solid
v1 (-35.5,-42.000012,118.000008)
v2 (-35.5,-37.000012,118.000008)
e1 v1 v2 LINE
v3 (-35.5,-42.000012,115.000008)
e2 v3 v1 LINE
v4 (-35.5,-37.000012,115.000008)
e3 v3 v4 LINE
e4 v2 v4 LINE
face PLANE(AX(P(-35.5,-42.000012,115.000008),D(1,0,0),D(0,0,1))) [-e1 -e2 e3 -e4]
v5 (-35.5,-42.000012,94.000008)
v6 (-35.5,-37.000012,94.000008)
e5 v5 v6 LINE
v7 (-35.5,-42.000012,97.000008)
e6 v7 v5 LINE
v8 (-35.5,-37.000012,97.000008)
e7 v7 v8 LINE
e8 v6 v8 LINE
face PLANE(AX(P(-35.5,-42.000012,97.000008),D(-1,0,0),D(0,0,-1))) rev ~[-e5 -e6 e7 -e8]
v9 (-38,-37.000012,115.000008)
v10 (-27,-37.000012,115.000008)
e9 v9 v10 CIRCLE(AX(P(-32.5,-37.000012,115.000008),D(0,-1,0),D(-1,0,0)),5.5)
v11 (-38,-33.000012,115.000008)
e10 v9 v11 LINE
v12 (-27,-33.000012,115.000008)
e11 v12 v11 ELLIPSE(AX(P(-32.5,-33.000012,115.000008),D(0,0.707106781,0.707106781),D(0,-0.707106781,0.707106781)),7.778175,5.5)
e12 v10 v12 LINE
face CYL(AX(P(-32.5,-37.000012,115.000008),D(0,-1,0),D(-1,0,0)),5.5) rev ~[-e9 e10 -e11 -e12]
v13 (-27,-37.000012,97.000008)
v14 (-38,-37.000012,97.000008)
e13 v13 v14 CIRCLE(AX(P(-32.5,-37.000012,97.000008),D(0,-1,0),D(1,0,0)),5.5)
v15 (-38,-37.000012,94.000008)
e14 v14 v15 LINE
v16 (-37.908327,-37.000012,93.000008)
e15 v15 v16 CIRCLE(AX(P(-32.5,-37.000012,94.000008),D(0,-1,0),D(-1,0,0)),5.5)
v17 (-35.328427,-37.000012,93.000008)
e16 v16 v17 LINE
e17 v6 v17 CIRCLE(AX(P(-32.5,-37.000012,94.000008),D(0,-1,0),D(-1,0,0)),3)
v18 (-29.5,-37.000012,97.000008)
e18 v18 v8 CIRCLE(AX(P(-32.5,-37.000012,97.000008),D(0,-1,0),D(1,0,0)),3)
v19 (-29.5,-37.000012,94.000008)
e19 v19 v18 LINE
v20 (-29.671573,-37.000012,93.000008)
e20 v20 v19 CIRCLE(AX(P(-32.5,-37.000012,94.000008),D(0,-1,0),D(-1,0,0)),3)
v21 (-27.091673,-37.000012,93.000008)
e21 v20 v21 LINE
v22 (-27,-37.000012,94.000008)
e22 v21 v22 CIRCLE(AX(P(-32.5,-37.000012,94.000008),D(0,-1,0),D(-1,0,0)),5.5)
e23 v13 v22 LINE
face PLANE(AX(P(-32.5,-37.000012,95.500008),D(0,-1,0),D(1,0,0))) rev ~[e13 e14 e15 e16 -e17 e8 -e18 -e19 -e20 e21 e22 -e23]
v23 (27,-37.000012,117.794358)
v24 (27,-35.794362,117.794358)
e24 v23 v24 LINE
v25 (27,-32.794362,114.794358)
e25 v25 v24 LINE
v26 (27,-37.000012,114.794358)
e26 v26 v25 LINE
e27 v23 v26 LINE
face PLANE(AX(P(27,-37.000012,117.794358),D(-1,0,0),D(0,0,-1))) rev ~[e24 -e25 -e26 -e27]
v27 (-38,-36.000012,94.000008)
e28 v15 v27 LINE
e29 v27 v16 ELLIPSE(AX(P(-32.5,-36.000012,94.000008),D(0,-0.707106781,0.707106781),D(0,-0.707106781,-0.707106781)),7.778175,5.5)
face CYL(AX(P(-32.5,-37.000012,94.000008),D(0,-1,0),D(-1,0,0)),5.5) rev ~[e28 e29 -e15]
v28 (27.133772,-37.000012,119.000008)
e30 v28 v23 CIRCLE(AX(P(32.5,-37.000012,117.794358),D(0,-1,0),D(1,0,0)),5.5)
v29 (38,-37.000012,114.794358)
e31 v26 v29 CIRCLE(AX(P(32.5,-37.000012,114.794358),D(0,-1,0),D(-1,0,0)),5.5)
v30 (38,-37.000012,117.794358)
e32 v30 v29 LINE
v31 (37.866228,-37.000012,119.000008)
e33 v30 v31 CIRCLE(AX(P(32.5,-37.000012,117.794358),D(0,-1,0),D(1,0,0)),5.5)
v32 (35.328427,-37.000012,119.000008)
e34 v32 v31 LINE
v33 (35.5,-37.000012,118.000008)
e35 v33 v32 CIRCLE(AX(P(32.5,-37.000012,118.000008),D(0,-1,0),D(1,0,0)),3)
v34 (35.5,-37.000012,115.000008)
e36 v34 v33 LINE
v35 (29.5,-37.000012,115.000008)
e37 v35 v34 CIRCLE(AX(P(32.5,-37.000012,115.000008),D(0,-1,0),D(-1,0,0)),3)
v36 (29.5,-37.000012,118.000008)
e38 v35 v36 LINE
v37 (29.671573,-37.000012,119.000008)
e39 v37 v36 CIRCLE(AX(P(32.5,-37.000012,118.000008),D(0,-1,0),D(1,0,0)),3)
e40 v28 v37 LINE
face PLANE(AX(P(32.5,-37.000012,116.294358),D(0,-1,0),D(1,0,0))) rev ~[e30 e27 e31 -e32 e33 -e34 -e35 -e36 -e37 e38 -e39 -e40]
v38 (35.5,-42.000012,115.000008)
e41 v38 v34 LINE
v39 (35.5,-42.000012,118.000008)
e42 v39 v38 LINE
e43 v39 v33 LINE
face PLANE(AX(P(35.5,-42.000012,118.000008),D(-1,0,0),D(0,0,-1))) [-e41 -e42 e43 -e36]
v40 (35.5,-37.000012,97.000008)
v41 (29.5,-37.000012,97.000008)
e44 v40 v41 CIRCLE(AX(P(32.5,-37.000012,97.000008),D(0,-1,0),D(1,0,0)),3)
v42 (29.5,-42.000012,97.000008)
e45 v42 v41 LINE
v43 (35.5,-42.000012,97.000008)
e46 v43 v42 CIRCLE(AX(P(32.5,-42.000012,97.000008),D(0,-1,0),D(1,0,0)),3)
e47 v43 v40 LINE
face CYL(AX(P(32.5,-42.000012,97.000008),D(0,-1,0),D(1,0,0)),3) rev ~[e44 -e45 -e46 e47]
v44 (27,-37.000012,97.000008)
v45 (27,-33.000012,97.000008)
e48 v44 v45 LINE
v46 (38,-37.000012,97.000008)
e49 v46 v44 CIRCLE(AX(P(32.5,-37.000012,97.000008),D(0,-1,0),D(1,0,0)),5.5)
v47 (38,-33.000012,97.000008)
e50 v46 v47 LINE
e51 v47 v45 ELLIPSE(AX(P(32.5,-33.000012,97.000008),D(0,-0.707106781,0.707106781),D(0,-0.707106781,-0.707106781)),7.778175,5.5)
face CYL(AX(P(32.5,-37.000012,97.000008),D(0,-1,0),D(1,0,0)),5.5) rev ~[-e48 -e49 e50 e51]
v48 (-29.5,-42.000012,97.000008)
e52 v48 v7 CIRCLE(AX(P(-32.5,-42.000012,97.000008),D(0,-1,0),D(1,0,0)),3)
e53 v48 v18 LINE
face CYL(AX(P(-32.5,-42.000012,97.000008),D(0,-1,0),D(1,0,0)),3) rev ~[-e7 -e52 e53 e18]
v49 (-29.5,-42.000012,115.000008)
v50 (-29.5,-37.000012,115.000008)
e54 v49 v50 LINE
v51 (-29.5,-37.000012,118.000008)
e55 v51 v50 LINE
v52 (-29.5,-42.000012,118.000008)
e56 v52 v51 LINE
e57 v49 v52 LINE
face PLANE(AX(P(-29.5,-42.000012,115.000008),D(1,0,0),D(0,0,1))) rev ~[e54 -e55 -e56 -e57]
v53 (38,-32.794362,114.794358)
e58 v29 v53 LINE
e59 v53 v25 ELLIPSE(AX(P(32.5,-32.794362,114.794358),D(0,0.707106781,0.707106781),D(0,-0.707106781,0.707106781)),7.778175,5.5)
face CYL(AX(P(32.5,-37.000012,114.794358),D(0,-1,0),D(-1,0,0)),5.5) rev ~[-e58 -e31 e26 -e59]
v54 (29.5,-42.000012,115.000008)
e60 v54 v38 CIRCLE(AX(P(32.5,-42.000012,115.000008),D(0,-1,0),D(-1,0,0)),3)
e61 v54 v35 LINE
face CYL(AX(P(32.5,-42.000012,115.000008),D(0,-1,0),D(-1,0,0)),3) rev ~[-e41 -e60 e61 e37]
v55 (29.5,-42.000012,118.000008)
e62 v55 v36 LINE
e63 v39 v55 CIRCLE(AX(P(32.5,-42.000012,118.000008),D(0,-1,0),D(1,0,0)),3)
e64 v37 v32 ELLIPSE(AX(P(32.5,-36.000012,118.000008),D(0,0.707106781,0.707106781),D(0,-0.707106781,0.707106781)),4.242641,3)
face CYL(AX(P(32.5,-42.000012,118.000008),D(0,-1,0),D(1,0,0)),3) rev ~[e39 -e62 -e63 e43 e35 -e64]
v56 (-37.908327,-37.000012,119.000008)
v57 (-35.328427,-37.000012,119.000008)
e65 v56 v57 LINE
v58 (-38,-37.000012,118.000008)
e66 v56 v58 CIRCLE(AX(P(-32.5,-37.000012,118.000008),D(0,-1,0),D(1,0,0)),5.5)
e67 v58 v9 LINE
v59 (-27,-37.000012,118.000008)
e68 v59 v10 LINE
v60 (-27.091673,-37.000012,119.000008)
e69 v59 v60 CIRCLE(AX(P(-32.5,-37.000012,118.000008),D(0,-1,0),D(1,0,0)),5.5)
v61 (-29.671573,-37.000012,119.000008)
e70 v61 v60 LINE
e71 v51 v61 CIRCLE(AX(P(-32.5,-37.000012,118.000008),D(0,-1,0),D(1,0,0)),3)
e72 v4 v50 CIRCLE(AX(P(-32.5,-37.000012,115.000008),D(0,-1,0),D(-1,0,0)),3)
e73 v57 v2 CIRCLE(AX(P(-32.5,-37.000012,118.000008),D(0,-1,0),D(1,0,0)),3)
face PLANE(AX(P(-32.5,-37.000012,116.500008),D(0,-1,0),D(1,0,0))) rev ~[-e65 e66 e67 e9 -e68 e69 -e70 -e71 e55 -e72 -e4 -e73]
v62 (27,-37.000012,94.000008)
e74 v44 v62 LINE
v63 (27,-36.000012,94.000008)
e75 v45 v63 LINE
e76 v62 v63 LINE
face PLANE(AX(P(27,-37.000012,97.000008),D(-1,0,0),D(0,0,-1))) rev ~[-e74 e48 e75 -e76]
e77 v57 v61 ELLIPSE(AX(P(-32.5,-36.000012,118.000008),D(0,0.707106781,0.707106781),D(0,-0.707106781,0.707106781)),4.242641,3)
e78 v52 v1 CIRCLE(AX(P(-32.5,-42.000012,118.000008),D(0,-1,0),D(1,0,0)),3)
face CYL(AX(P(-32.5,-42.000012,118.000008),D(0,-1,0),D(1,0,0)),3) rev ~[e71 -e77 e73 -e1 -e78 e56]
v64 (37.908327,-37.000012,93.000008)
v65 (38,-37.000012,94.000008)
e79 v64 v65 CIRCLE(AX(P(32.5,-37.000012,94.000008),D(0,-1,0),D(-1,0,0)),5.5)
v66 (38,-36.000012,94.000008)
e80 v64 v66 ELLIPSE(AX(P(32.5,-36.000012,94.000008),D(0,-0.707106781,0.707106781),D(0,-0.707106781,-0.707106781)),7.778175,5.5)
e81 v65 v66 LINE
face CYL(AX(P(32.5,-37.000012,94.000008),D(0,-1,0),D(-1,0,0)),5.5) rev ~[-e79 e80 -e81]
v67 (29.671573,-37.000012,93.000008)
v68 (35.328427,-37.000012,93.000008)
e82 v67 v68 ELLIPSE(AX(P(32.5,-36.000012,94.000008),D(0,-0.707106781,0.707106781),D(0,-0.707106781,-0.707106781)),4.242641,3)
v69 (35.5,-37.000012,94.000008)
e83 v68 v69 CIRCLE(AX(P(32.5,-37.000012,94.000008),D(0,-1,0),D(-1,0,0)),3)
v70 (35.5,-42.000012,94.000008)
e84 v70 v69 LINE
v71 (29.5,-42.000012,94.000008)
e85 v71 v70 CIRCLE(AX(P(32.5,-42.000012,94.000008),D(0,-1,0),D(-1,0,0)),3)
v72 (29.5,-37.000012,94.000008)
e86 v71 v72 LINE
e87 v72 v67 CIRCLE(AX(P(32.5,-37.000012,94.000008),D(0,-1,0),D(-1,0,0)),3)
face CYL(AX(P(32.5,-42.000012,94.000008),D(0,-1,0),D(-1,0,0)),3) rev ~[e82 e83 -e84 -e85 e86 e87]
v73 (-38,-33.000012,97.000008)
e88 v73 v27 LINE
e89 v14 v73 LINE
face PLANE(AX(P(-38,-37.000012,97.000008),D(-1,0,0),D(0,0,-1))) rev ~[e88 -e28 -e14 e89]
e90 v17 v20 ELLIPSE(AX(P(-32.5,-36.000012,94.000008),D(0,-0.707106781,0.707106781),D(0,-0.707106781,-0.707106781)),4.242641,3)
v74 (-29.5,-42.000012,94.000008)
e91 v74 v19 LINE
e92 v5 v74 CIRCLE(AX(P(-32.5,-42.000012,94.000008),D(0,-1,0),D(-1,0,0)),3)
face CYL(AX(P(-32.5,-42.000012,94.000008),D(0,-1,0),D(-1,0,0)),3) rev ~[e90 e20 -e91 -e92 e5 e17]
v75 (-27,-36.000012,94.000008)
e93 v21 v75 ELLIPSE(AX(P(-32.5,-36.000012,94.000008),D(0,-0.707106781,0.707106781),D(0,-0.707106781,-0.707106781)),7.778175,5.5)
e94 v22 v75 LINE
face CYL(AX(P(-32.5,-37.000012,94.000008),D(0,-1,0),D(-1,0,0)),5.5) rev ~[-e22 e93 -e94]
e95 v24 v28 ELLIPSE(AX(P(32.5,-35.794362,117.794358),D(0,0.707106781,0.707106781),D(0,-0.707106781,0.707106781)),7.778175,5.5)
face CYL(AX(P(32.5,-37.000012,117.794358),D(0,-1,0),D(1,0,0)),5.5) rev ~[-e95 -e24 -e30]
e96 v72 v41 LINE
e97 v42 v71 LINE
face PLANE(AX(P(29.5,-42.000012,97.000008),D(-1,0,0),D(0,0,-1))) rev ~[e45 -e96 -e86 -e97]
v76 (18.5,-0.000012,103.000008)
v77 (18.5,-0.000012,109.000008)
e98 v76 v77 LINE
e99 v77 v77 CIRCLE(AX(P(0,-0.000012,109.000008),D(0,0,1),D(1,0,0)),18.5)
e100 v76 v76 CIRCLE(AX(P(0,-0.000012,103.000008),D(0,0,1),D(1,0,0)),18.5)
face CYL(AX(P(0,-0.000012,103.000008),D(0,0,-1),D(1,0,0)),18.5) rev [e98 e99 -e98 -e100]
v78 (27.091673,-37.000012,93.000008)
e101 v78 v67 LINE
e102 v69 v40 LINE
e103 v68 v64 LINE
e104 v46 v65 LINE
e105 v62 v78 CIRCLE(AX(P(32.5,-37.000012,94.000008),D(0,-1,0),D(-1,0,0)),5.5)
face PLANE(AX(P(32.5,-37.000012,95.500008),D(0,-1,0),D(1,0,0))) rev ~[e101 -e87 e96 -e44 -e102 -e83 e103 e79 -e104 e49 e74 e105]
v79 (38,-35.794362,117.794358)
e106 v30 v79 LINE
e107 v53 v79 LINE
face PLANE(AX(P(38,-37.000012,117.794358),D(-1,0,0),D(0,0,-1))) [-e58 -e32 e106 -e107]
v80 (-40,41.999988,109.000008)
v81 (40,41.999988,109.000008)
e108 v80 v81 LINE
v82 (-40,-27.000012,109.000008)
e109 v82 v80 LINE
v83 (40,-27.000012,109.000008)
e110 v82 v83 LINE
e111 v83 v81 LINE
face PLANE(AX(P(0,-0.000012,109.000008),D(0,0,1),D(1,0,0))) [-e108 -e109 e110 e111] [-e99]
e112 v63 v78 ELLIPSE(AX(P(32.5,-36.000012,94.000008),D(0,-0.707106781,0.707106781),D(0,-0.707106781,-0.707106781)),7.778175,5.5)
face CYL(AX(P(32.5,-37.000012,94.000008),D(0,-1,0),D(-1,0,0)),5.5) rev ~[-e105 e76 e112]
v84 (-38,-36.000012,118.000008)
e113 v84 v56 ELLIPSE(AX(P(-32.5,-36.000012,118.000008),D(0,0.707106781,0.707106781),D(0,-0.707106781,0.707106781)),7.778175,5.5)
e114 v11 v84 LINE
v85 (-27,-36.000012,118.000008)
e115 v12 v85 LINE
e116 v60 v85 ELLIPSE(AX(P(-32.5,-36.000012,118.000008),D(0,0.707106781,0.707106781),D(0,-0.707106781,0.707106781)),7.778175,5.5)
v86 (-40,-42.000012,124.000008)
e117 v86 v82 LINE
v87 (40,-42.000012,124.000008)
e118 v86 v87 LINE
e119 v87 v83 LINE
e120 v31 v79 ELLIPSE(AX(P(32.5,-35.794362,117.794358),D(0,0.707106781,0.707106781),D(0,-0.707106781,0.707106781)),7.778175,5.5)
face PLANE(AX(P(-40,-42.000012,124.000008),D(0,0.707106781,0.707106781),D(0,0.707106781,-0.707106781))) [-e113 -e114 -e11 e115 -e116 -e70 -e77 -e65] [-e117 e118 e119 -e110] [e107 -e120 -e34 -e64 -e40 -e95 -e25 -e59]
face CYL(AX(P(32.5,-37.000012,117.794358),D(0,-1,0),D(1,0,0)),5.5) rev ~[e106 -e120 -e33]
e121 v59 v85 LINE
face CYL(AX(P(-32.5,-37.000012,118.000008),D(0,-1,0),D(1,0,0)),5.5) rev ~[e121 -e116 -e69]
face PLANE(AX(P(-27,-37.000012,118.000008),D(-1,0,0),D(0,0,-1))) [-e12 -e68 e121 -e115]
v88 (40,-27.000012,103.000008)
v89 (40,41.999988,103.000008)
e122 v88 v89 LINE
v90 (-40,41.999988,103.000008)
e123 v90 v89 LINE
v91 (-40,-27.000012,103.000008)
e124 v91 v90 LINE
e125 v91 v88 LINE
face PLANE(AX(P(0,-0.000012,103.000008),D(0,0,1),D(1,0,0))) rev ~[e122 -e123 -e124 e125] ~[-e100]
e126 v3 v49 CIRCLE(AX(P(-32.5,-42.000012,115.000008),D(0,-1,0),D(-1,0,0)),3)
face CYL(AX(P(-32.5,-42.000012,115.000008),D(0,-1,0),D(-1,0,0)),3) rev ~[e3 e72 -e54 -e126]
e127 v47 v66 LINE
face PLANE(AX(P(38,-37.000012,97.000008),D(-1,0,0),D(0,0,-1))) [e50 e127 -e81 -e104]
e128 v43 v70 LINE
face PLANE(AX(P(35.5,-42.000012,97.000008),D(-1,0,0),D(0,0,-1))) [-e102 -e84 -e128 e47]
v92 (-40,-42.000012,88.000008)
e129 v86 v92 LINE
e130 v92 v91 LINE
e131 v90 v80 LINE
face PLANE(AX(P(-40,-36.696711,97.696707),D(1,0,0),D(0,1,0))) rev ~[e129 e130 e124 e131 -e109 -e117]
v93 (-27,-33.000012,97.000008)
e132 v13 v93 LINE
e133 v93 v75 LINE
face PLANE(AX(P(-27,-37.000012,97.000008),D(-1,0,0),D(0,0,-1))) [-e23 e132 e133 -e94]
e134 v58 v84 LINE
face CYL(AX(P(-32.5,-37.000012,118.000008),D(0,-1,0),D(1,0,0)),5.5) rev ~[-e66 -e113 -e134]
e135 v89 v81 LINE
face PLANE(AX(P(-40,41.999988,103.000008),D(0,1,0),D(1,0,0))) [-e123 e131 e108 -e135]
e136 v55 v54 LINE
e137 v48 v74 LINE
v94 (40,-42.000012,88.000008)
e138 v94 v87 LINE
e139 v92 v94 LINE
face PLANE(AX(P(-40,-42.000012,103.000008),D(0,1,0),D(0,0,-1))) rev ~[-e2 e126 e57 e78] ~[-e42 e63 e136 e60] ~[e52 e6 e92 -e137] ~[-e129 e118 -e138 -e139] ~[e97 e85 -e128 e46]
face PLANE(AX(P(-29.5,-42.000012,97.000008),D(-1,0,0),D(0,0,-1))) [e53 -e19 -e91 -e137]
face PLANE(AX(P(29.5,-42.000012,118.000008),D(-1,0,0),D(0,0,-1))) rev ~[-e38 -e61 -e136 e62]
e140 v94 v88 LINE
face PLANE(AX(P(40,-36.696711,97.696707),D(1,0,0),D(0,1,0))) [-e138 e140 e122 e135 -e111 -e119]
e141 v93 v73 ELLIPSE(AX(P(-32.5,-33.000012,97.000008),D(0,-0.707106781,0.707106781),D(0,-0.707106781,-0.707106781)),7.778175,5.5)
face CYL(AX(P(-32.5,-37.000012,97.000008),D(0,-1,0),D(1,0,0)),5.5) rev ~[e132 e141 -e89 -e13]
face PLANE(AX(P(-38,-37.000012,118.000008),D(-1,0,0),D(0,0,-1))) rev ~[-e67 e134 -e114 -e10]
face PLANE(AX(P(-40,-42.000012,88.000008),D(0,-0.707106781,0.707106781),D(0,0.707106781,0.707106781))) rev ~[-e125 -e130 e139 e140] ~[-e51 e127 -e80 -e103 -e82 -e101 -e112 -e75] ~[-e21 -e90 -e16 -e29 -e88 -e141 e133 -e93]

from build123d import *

# Parameters (mm, degrees)
SKETCH071_W     = 80
SKETCH071_H     = 84
SKETCH071_R     = 18.5
PAD029_DEPTH    = 6
PAD030_DEPTH    = 80
POCKET027_DEPTH = 84.001
POCKET028_DEPTH = 79.001


with BuildPart() as part:
    # Sketch071 → Pad029 (new body)
    with BuildSketch(Plane.XY):
        Rectangle(SKETCH071_W, SKETCH071_H)
        Circle(SKETCH071_R, mode=Mode.SUBTRACT)
    extrude(amount=PAD029_DEPTH)

    # Sketch072 (on Face3 of Pad029) → Pad030 (join)
    with BuildSketch(Plane(origin=(-40, 0, 0), x_dir=(0, -1, 0), z_dir=(-1, 0, 0))):
        Polygon((27, 0), (42, 0), (42, -15), align=None)
        Polygon((27, 6), (42, 6), (42, 21), align=None)
    extrude(amount=-PAD030_DEPTH)

    # Sketch073 (on Face8 of Pad030) → Pocket027 (cut, through all)
    with BuildSketch(Plane.XZ.offset(42)):
        with BuildLine():
            ThreePointArc((-35.5, 12), (-32.5, 9), (-29.5, 12))
            Line((-29.5, 12), (-29.5, 15))
            ThreePointArc((-29.5, 15), (-32.5, 18), (-35.5, 15))
            Line((-35.5, 12), (-35.5, 15))
        make_face()
        with BuildLine():
            ThreePointArc((35.5, 15), (32.5, 18), (29.5, 15))
            Line((29.5, 15), (29.5, 12))
            ThreePointArc((29.5, 12), (32.5, 9), (35.5, 12))
            Line((35.5, 15), (35.5, 12))
        make_face()
        with BuildLine():
            ThreePointArc((-29.5, -6), (-32.5, -3), (-35.5, -6))
            Line((-35.5, -6), (-35.5, -9))
            ThreePointArc((-35.5, -9), (-32.5, -12), (-29.5, -9))
            Line((-29.5, -6), (-29.5, -9))
        make_face()
        with BuildLine():
            ThreePointArc((35.5, -6), (32.5, -3), (29.5, -6))
            Line((29.5, -6), (29.5, -9))
            ThreePointArc((29.5, -9), (32.5, -12), (35.5, -9))
            Line((35.5, -6), (35.5, -9))
        make_face()
    extrude(amount=-POCKET027_DEPTH, mode=Mode.SUBTRACT)

    # Sketch074 (on Face8 of Pocket027) → Pocket028 (cut, through all)
    with BuildSketch(Plane.XZ.offset(37)):
        with BuildLine():
            ThreePointArc((-27, 15), (-32.5, 20.5), (-38, 15))
            Line((-38, 15), (-38, 12))
            ThreePointArc((-38, 12), (-32.5, 6.5), (-27, 12))
            Line((-27, 15), (-27, 12))
        make_face()
        with BuildLine():
            ThreePointArc((38, 14.79435), (32.5, 20.29435), (27, 14.79435))
            Line((27, 14.79435), (27, 11.79435))
            ThreePointArc((27, 11.79435), (32.5, 6.29435), (38, 11.79435))
            Line((38, 14.79435), (38, 11.79435))
        make_face()
        with BuildLine():
            ThreePointArc((38, -6), (32.5, -0.5), (27, -6))
            Line((27, -6), (27, -9))
            ThreePointArc((27, -9), (32.5, -14.5), (38, -9))
            Line((38, -6), (38, -9))
        make_face()
        with BuildLine():
            ThreePointArc((-27, -6), (-32.5, -0.5), (-38, -6))
            Line((-38, -6), (-38, -9))
            ThreePointArc((-38, -9), (-32.5, -14.5), (-27, -9))
            Line((-27, -6), (-27, -9))
        make_face()
    extrude(amount=-POCKET028_DEPTH, mode=Mode.SUBTRACT)


with BuildPart() as part_1:
    # Body007 placement: moved
    add(part.part.moved(Location((0, -1.2e-05, 103.000008))))


solid = part_1.part
